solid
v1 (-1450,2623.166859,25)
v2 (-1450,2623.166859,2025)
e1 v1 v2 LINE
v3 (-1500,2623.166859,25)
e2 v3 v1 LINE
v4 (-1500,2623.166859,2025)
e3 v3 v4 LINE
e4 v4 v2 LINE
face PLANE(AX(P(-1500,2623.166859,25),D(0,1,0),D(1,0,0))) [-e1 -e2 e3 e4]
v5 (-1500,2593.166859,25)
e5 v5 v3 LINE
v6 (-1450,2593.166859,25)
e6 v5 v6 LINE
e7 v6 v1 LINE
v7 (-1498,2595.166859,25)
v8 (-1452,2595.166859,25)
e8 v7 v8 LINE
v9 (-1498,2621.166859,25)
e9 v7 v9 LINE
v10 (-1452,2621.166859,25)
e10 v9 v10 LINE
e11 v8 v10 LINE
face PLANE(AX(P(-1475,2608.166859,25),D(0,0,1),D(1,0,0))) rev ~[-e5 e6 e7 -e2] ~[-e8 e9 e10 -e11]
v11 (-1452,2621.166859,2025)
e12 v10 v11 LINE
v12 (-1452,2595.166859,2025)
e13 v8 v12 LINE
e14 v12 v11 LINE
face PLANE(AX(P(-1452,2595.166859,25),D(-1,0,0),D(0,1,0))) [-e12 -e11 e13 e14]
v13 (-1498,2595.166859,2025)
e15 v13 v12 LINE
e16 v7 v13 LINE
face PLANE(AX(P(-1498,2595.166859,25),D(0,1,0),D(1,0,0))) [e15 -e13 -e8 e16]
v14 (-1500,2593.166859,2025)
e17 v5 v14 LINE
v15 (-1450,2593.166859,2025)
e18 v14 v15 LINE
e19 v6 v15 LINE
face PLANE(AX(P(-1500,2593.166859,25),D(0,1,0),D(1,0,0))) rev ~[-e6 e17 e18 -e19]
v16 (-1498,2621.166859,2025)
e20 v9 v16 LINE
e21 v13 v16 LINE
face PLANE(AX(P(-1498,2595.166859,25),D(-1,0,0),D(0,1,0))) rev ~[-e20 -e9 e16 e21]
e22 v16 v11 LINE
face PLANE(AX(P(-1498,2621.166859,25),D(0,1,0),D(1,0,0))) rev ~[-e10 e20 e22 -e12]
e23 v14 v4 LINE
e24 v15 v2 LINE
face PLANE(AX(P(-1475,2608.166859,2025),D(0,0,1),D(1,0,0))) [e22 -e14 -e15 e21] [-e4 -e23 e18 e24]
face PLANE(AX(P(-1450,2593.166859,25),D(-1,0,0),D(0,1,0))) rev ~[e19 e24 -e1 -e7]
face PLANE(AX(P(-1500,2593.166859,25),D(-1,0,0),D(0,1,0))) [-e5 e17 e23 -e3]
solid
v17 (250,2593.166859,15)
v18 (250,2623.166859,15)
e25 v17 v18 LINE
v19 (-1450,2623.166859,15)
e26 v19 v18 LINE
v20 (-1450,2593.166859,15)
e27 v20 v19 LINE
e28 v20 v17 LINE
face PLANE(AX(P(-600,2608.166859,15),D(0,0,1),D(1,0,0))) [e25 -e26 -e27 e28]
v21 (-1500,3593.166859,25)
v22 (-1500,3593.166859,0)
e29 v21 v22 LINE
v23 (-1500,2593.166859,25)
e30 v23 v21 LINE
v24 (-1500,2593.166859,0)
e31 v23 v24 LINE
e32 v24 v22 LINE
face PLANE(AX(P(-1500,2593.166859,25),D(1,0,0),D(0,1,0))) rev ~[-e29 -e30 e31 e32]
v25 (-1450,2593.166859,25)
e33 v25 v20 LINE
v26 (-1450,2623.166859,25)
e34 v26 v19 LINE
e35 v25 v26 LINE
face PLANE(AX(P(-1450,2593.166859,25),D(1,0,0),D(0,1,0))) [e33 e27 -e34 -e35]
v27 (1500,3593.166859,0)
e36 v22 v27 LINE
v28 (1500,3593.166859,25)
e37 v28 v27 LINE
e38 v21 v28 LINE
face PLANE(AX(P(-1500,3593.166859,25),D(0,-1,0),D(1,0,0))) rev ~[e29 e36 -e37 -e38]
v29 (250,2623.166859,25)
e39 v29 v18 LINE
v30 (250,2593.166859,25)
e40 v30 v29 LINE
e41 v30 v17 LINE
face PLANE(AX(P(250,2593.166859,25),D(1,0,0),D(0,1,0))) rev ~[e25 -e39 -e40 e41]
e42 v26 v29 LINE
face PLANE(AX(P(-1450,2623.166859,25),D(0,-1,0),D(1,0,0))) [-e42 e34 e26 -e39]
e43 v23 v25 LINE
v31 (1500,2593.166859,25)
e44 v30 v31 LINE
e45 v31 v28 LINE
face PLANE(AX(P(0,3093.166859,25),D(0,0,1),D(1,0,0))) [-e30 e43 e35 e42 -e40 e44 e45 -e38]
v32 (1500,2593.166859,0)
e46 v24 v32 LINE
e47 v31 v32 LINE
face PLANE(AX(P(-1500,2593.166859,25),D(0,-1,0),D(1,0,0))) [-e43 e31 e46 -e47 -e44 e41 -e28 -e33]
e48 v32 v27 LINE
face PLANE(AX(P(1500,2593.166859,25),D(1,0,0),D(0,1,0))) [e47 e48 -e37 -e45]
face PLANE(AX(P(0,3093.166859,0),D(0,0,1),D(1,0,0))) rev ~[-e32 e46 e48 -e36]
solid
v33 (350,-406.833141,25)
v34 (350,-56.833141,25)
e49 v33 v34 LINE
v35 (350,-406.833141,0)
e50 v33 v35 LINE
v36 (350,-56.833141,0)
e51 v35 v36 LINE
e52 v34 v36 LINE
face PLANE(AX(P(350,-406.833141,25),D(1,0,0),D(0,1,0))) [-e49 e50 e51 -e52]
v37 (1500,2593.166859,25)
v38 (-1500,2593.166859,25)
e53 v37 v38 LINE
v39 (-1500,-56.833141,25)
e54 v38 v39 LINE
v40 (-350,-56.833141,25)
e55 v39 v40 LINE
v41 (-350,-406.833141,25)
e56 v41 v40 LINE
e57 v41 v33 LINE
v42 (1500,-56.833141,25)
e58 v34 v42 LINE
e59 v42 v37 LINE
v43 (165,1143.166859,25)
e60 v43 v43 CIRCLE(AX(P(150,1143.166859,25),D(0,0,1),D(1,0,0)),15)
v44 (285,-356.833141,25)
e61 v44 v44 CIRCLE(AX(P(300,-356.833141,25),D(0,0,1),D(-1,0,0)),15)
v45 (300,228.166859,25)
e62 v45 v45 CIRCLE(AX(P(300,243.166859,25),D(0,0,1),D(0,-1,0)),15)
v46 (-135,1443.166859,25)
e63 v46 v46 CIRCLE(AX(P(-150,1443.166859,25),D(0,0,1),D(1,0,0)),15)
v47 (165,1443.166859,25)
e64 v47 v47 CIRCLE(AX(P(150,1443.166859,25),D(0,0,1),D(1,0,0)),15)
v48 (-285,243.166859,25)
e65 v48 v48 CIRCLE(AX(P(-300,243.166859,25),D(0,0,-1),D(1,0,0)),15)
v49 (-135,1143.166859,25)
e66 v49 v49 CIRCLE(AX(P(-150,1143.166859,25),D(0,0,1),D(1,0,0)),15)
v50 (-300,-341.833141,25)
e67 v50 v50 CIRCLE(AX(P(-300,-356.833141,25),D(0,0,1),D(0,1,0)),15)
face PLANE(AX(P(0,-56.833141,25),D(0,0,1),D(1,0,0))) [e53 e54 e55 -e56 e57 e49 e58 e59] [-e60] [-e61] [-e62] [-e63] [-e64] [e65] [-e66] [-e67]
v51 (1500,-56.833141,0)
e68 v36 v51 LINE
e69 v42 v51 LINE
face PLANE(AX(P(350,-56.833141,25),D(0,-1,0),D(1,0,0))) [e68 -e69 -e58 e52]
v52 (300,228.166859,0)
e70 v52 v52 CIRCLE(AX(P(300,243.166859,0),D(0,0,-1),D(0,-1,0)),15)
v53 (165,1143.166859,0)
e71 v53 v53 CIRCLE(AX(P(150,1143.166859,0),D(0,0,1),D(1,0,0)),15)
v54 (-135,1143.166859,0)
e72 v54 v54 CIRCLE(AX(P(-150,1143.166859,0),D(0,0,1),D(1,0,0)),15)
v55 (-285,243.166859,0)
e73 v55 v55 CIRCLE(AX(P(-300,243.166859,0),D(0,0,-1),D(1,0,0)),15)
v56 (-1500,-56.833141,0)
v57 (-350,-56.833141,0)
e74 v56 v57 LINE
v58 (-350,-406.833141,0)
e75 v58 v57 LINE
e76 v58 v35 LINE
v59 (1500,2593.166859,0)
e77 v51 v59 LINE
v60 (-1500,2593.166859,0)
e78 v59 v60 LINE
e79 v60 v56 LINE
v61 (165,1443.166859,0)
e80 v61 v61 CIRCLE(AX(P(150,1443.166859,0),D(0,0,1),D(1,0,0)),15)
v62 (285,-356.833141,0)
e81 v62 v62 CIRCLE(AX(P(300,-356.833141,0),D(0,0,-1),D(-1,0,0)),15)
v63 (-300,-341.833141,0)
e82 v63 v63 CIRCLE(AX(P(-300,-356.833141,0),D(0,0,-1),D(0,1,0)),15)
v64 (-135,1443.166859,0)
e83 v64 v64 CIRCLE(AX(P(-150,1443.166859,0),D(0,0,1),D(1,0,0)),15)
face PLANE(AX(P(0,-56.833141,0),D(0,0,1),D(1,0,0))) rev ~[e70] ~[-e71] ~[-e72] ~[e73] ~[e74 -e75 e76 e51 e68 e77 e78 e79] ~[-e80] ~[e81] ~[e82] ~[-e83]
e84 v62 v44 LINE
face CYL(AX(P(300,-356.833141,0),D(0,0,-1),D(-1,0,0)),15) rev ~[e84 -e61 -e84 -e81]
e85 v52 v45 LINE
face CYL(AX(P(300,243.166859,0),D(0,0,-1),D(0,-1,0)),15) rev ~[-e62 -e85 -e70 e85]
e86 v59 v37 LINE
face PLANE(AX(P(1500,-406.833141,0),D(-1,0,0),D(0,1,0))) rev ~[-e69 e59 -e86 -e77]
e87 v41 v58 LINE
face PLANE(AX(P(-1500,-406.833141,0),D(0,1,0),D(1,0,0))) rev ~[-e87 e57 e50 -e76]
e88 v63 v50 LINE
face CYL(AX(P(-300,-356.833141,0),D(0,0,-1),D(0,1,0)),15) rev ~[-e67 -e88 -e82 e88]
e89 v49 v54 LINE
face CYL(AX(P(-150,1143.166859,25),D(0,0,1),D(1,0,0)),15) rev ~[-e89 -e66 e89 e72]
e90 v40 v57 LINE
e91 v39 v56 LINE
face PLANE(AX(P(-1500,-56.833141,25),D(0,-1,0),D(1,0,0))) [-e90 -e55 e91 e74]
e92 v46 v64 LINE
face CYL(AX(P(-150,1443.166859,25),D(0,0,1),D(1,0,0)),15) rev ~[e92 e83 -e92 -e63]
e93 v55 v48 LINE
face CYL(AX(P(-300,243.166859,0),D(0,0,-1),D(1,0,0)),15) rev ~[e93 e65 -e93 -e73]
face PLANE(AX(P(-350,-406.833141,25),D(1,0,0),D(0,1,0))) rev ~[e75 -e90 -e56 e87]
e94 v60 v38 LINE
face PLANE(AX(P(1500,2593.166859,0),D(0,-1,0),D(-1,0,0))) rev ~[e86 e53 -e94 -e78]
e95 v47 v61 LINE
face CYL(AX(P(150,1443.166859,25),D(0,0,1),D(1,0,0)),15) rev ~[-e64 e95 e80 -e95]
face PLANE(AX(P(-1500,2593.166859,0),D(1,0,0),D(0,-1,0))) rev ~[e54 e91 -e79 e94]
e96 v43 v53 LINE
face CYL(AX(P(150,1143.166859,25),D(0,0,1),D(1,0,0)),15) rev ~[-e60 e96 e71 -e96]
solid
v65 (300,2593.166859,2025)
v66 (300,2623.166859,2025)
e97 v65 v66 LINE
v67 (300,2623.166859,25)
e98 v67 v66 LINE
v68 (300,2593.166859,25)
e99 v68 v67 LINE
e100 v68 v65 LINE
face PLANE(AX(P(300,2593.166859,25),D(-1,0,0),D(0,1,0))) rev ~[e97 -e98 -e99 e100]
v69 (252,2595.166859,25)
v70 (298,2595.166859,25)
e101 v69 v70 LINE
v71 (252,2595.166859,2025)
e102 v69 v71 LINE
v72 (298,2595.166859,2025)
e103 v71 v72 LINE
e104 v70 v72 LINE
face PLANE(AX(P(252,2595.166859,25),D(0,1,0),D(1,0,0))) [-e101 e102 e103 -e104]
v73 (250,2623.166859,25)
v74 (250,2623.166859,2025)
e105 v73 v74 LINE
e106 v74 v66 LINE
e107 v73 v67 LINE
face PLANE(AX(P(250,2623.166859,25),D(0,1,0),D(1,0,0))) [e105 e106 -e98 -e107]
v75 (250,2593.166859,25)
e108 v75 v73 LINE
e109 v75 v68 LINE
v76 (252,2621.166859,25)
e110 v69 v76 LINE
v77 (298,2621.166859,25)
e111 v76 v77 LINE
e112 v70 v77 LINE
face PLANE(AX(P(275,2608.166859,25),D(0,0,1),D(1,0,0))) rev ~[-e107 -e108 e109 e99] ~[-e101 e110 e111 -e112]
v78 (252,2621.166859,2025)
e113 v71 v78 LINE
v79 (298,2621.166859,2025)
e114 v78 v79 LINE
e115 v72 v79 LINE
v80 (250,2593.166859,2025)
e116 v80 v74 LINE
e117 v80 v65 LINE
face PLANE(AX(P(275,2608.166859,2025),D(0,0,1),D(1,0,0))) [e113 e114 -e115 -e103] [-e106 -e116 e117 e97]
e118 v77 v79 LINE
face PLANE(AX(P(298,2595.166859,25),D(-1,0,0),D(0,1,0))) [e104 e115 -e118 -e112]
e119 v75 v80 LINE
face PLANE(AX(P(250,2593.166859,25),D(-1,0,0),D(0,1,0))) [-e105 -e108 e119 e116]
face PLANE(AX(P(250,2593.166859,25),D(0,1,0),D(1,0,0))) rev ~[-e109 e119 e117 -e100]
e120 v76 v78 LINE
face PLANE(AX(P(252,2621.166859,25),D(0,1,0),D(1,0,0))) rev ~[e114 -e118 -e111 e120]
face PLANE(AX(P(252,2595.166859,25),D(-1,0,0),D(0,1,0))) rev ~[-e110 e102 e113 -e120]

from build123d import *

# Parameters (mm, degrees)
F0_W      = 700
F0_H      = 700
F1_DEPTH  = 25
F2_R      = 15
F3_DEPTH  = 25
F4_R      = 15
F5_DEPTH  = 50
F6_W      = 1150
F6_H      = 350
F7_DEPTH  = 25
F8_W      = 3000
F8_H      = 1000
F9_DEPTH  = 25
F10_W     = 50
F10_H     = 30
F10_W_2   = 46
F10_H_2   = 26
F11_DEPTH = 2000
F12_W     = 1700
F12_H     = 30
F13_DEPTH = 10


with BuildPart() as f1:
    # F0 (on Top) → F1 (new body)
    with BuildSketch(Plane.XY):
        with Locations((0, -56.833140552)):
            Rectangle(F0_W, F0_H)
        with BuildLine():
            ThreePointArc((-300, 228.166859448), (-310.6066017178, 253.7734611658), (-285, 243.166859448))
            Line((-285, 243.166859448), (285, 243.166859448))
            ThreePointArc((285, 243.166859448), (300, 258.166859448), (315, 243.166859448))
            ThreePointArc((315, 243.166859448), (310.6066017178, 232.5602577302), (300, 228.166859448))
            Line((300, 228.166859448), (300, -341.833140552))
            ThreePointArc((300, -341.833140552), (310.6066017178, -346.2265388342), (315, -356.833140552))
            ThreePointArc((315, -356.833140552), (300, -371.833140552), (285, -356.833140552))
            Line((285, -356.833140552), (-285, -356.833140552))
            ThreePointArc((-285, -356.833140552), (-310.6066017178, -367.4397422698), (-300, -341.833140552))
            Line((-300, -341.833140552), (-300, 228.166859448))
        make_face(mode=Mode.SUBTRACT)
        Polygon((-1500, -406.833140552), (-350, -406.833140552), (-350, 293.166859448), (350, 293.166859448), (350, -406.833140552), (1500, -406.833140552), (1500, 2593.166859448), (0, 2593.166859448), (-1500, 2593.166859448), align=None)
        with BuildLine():
            Line((285, 243.166859448), (-285, 243.166859448))
            ThreePointArc((-285, 243.166859448), (-289.3933982822, 232.5602577302), (-300, 228.166859448))
            Line((-300, 228.166859448), (-300, -341.833140552))
            ThreePointArc((-300, -341.833140552), (-289.3933982822, -346.2265388342), (-285, -356.833140552))
            Line((-285, -356.833140552), (285, -356.833140552))
            ThreePointArc((285, -356.833140552), (289.3933982822, -346.2265388342), (300, -341.833140552))
            Line((300, -341.833140552), (300, 228.166859448))
            ThreePointArc((300, 228.166859448), (289.3933982822, 232.5602577302), (285, 243.166859448))
        make_face()
    extrude(amount=F1_DEPTH)

    # F2 (on face) → F3 (cut)
    with BuildSketch(Plane.XY.offset(25)):
        with Locations((-300, 243.166859448)):
            Circle(F2_R)
        with Locations((300, 243.166859448)):
            Circle(F2_R)
        with Locations((-300, -356.833140552)):
            Circle(F2_R)
        with Locations((300, -356.833140552)):
            Circle(F2_R)
    extrude(amount=-F3_DEPTH, mode=Mode.SUBTRACT)

    # F4 (on face) → F5 (cut)
    with BuildSketch(Plane.XY.offset(25)):
        with Locations((-150, 1443.166859448)):
            Circle(F4_R)
        with Locations((150, 1443.166859448)):
            Circle(F4_R)
        with Locations((150, 1143.166859448)):
            Circle(F4_R)
        with Locations((-150, 1143.166859448)):
            Circle(F4_R)
    extrude(amount=-F5_DEPTH, mode=Mode.SUBTRACT)

    # F6 (on face) → F7 (cut)
    with BuildSketch(Plane.XY.offset(25)):
        with Locations((-925, -231.833140552)):
            Rectangle(F6_W, F6_H)
        with Locations((925, -231.833140552)):
            Rectangle(F6_W, F6_H)
    extrude(amount=-F7_DEPTH, mode=Mode.SUBTRACT)


with BuildPart() as f9:
    # F8 (on face) → F9 (new body)
    with BuildSketch(Plane.XY.offset(25)):
        with Locations((0, 3093.166859448)):
            Rectangle(F8_W, F8_H)
    extrude(amount=-F9_DEPTH)

    # F12 (on face) → F13 (cut)
    with BuildSketch(Plane.XY.offset(25)):
        with Locations((-600, 2608.166859448)):
            Rectangle(F12_W, F12_H)
    extrude(amount=-F13_DEPTH, mode=Mode.SUBTRACT)


with BuildPart() as f11:
    # F10 (on face) → F11 (new body)
    with BuildSketch(Plane.XY.offset(25)):
        with Locations((-1475, 2608.166859448)):
            Rectangle(F10_W, F10_H)
        with Locations((-1475, 2608.166859448)):
            Rectangle(F10_W_2, F10_H_2, mode=Mode.SUBTRACT)
    extrude(amount=F11_DEPTH)


with BuildPart() as f11b:
    # F10 (on face) → F11, piece 2 (new body)
    with BuildSketch(Plane.XY.offset(25)):
        with Locations((275, 2608.166859448)):
            Rectangle(F10_W, F10_H)
        with Locations((275, 2608.166859448)):
            Rectangle(F10_W_2, F10_H_2, mode=Mode.SUBTRACT)
    extrude(amount=F11_DEPTH)


solid = Compound([f1.part, f9.part, f11.part, f11b.part])
